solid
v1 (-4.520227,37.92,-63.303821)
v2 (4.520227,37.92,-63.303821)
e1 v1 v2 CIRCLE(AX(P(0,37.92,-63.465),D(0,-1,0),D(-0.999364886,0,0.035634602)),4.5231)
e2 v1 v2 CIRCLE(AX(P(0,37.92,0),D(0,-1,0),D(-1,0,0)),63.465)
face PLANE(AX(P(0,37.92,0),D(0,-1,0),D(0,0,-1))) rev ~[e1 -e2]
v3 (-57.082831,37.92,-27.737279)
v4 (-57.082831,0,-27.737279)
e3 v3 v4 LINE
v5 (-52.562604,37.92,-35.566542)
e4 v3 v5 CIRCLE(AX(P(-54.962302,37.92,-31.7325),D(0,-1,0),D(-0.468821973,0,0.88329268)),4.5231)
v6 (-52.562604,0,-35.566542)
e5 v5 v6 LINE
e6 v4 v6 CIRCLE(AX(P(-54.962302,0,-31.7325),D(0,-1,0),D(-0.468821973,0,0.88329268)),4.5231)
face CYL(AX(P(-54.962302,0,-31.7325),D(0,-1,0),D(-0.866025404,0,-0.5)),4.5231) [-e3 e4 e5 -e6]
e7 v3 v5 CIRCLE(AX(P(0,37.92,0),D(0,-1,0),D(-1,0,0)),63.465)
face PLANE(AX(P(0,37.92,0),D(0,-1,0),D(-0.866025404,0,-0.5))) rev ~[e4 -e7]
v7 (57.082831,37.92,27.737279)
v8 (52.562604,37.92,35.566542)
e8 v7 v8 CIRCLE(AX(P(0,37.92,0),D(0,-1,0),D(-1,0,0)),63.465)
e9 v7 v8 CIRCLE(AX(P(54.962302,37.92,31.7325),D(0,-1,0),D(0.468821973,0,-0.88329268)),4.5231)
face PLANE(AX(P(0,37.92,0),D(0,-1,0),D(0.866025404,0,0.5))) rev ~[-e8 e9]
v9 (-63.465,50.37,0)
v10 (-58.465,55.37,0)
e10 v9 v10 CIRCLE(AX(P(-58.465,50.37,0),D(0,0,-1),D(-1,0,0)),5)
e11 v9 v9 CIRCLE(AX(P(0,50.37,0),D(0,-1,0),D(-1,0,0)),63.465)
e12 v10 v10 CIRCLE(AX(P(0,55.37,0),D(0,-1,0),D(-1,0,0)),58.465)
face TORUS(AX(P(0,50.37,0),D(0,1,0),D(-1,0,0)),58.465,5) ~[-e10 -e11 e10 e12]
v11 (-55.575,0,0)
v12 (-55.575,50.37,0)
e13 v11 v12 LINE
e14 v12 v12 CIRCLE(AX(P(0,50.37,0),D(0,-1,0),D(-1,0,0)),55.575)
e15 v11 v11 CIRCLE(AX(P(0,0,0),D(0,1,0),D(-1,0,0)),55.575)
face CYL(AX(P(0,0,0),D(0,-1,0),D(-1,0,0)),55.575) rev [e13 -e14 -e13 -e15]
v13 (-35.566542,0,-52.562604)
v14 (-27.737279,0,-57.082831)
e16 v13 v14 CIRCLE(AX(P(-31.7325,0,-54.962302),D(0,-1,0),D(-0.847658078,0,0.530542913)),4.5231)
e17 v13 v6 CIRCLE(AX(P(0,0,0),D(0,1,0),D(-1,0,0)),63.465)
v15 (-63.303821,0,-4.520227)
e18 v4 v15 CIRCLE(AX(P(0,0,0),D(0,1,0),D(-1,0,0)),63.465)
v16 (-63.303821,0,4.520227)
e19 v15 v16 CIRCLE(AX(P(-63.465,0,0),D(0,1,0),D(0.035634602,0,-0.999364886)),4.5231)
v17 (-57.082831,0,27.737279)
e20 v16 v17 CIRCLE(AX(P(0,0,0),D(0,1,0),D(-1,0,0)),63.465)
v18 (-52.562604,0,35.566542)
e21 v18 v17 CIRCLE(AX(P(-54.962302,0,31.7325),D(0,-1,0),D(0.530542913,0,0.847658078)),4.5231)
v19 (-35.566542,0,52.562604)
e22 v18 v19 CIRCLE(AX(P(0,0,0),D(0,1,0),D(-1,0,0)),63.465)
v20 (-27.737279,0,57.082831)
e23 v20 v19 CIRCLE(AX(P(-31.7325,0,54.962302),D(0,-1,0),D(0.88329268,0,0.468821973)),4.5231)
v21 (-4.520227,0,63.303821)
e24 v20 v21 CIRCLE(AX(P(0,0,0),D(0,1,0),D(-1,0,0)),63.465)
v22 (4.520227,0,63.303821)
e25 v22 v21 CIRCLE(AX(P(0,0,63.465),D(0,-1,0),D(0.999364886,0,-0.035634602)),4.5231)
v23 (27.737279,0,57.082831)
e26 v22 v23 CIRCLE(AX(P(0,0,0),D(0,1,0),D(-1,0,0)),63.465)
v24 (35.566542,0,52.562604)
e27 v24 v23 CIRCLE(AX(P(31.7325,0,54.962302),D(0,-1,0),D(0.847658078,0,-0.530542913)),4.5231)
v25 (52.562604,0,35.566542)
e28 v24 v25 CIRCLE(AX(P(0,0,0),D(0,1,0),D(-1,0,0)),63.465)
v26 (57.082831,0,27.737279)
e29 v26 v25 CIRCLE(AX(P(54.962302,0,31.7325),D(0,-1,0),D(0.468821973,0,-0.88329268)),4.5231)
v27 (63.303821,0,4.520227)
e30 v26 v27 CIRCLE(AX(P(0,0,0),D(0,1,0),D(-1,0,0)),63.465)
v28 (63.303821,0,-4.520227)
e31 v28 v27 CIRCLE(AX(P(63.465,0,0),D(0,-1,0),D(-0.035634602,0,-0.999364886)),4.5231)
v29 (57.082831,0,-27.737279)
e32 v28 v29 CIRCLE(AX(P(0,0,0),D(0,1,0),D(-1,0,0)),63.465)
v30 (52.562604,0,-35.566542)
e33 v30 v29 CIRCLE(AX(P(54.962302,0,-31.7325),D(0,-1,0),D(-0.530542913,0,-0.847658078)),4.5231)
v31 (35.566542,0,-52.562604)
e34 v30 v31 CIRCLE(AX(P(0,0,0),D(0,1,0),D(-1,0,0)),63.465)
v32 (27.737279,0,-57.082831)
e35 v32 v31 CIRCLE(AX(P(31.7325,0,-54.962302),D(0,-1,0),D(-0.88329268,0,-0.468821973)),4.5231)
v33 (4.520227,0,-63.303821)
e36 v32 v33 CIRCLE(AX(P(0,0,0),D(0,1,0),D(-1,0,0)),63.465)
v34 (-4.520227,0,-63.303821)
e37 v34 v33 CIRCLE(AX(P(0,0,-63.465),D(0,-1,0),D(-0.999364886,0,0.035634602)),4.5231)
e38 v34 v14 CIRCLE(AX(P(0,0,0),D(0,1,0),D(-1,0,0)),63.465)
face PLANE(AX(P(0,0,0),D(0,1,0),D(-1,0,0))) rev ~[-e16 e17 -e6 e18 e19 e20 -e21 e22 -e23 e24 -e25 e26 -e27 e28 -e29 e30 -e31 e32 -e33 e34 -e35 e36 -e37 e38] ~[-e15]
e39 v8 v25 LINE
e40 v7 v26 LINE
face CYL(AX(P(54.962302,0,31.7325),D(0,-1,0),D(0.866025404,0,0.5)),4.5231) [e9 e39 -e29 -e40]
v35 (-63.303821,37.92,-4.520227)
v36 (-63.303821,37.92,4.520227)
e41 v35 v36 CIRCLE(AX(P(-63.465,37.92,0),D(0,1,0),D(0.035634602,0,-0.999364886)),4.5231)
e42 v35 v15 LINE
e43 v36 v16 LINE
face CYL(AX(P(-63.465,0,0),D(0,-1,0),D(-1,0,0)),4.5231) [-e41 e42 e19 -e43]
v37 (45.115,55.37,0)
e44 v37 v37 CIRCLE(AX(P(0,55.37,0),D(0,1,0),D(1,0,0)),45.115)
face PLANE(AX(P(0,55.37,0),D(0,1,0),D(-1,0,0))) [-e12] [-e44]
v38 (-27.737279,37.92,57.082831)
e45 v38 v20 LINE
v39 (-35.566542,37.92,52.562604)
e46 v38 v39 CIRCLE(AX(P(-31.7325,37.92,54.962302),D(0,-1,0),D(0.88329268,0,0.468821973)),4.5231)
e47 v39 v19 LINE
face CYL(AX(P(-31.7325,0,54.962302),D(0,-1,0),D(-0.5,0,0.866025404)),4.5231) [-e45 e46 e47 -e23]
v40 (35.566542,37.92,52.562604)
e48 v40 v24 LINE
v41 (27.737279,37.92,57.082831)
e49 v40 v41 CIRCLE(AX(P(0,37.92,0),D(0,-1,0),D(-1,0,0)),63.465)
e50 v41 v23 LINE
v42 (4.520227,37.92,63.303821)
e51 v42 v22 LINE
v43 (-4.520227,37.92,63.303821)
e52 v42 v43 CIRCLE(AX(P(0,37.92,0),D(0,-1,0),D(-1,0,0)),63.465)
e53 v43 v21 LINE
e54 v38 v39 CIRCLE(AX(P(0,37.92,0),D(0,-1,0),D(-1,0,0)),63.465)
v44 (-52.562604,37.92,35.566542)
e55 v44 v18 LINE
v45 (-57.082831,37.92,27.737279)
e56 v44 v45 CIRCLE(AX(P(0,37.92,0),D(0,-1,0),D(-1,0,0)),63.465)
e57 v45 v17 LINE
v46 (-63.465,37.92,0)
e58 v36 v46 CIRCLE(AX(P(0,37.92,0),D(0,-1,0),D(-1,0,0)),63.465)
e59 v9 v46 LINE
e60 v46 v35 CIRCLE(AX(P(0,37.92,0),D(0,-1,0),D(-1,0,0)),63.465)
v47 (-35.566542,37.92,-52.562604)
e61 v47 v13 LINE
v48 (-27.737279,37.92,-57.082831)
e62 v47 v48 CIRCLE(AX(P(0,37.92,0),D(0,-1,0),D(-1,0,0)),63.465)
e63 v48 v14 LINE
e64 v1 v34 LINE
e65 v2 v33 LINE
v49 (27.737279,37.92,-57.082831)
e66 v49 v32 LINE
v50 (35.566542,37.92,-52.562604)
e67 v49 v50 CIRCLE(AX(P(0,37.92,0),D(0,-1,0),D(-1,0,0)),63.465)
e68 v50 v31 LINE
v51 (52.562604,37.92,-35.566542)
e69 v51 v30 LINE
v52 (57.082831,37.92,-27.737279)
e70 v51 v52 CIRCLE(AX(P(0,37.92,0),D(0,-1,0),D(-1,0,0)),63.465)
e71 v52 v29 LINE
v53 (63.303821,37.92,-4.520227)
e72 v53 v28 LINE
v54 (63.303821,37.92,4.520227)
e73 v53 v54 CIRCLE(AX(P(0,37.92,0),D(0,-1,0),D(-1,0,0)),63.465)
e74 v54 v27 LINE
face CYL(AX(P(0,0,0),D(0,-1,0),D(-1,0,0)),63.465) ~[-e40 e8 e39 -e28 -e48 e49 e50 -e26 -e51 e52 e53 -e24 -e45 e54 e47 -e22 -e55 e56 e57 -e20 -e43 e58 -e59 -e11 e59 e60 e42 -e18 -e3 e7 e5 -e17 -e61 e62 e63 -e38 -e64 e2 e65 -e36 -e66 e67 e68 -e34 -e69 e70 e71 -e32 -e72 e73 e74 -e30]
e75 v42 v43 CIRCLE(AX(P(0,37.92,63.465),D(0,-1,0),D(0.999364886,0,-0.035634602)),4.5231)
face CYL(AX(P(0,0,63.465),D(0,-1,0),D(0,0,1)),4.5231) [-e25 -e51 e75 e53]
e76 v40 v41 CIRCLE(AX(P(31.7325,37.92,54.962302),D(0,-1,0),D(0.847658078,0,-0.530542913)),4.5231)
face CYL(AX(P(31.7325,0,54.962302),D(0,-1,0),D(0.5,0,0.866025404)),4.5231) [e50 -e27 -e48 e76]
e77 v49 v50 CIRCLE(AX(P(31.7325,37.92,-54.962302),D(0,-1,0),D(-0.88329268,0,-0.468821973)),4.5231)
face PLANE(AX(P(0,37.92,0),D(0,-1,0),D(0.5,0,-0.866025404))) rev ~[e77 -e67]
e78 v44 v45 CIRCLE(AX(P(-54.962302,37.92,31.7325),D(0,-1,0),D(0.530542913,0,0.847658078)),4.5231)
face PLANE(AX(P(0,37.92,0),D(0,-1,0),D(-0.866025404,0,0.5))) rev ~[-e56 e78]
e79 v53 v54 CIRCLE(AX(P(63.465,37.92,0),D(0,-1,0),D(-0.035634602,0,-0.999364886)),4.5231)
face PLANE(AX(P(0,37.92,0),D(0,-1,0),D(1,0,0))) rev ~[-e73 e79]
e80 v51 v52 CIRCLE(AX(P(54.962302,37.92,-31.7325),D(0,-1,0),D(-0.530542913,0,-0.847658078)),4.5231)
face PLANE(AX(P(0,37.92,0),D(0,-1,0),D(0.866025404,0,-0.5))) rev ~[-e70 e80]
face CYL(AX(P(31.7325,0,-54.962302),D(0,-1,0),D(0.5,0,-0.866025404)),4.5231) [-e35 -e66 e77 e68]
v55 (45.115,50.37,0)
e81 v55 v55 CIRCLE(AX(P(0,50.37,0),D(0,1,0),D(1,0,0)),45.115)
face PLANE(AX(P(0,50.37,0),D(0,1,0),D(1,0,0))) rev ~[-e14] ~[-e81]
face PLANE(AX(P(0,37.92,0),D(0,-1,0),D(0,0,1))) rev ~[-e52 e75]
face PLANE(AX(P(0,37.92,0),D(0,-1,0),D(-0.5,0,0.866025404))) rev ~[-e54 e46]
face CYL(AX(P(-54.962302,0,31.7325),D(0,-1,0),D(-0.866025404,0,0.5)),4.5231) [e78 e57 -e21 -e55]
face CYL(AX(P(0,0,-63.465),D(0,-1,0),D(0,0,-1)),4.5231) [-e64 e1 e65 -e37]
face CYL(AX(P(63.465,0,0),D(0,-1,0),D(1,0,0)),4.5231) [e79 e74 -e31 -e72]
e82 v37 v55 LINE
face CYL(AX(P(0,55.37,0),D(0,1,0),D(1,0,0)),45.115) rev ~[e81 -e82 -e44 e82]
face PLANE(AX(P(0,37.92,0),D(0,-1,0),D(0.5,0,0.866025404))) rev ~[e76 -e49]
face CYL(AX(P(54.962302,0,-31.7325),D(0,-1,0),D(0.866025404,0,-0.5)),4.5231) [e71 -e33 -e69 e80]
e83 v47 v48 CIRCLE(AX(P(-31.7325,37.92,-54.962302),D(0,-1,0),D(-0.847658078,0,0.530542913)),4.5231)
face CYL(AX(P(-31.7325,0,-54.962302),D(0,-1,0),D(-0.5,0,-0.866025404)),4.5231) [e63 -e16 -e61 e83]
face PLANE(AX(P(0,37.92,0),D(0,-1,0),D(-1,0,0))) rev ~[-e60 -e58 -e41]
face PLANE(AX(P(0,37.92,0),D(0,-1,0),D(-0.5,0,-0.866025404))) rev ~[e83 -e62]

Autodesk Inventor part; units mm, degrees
ref_plane "YZ Plane" through (0, 0, 0) normal (1, 0, 0) x (0, 1, 0)
ref_plane "XZ Plane" through (0, 0, 0) normal (0, 1, 0) x (-1, 0, 0)
ref_plane "XY Plane" through (0, 0, 0) normal (0, 0, 1) x (1, 0, 0)
sketch "Sketch1" plane through (0, 0, 0) normal (0, 1, 0) x (-1, 0, 0)
  circle A0 centre (0, 0) radius 63.465
  circle A1 centre (0, 0) radius 55.575
  dimension "d0" = 126.93
  dimension "d1" = 111.15
extrude "Extrusion1" add sketch "Sketch1" along normal blind 55.37
sketch "Sketch2" plane through (0, 55.37, 0) normal (0, 1, 0) x (1, 0, 0)
  circle A0 centre (0, 0) radius 63.465 projected
  circle A1 centre (0, 0) radius 45.115
  dimension "d4" = 90.23
extrude "Extrusion2" add sketch "Sketch2" against normal blind 5
fillet "Fillet1" radius 5 1 edges at (63.465, 55.37, 0)
sketch "Sketch3" plane through (0, 0, 0) normal (0, -1, 0) x (1, 0, 0)
  circle A0 centre (0, 0) radius 63.465 projected
  circle A1 centre (63.465, 0) radius 4.5231
extrude "Extrusion3" add sketch "Sketch3" against normal blind 37.92 contours A0 A1 | A0 A1 picked at (62.045, -1.0257) picked at (64.8107, -1.1706)
pattern_circular "Circular Pattern1" count 12 over 360 about axis through (0, 0, 0) along (0, 1, 0) of "Extrusion3"
properties part number "00_Compression_Coupling_3inch_KingBrothers_CPC-3000_locking"
